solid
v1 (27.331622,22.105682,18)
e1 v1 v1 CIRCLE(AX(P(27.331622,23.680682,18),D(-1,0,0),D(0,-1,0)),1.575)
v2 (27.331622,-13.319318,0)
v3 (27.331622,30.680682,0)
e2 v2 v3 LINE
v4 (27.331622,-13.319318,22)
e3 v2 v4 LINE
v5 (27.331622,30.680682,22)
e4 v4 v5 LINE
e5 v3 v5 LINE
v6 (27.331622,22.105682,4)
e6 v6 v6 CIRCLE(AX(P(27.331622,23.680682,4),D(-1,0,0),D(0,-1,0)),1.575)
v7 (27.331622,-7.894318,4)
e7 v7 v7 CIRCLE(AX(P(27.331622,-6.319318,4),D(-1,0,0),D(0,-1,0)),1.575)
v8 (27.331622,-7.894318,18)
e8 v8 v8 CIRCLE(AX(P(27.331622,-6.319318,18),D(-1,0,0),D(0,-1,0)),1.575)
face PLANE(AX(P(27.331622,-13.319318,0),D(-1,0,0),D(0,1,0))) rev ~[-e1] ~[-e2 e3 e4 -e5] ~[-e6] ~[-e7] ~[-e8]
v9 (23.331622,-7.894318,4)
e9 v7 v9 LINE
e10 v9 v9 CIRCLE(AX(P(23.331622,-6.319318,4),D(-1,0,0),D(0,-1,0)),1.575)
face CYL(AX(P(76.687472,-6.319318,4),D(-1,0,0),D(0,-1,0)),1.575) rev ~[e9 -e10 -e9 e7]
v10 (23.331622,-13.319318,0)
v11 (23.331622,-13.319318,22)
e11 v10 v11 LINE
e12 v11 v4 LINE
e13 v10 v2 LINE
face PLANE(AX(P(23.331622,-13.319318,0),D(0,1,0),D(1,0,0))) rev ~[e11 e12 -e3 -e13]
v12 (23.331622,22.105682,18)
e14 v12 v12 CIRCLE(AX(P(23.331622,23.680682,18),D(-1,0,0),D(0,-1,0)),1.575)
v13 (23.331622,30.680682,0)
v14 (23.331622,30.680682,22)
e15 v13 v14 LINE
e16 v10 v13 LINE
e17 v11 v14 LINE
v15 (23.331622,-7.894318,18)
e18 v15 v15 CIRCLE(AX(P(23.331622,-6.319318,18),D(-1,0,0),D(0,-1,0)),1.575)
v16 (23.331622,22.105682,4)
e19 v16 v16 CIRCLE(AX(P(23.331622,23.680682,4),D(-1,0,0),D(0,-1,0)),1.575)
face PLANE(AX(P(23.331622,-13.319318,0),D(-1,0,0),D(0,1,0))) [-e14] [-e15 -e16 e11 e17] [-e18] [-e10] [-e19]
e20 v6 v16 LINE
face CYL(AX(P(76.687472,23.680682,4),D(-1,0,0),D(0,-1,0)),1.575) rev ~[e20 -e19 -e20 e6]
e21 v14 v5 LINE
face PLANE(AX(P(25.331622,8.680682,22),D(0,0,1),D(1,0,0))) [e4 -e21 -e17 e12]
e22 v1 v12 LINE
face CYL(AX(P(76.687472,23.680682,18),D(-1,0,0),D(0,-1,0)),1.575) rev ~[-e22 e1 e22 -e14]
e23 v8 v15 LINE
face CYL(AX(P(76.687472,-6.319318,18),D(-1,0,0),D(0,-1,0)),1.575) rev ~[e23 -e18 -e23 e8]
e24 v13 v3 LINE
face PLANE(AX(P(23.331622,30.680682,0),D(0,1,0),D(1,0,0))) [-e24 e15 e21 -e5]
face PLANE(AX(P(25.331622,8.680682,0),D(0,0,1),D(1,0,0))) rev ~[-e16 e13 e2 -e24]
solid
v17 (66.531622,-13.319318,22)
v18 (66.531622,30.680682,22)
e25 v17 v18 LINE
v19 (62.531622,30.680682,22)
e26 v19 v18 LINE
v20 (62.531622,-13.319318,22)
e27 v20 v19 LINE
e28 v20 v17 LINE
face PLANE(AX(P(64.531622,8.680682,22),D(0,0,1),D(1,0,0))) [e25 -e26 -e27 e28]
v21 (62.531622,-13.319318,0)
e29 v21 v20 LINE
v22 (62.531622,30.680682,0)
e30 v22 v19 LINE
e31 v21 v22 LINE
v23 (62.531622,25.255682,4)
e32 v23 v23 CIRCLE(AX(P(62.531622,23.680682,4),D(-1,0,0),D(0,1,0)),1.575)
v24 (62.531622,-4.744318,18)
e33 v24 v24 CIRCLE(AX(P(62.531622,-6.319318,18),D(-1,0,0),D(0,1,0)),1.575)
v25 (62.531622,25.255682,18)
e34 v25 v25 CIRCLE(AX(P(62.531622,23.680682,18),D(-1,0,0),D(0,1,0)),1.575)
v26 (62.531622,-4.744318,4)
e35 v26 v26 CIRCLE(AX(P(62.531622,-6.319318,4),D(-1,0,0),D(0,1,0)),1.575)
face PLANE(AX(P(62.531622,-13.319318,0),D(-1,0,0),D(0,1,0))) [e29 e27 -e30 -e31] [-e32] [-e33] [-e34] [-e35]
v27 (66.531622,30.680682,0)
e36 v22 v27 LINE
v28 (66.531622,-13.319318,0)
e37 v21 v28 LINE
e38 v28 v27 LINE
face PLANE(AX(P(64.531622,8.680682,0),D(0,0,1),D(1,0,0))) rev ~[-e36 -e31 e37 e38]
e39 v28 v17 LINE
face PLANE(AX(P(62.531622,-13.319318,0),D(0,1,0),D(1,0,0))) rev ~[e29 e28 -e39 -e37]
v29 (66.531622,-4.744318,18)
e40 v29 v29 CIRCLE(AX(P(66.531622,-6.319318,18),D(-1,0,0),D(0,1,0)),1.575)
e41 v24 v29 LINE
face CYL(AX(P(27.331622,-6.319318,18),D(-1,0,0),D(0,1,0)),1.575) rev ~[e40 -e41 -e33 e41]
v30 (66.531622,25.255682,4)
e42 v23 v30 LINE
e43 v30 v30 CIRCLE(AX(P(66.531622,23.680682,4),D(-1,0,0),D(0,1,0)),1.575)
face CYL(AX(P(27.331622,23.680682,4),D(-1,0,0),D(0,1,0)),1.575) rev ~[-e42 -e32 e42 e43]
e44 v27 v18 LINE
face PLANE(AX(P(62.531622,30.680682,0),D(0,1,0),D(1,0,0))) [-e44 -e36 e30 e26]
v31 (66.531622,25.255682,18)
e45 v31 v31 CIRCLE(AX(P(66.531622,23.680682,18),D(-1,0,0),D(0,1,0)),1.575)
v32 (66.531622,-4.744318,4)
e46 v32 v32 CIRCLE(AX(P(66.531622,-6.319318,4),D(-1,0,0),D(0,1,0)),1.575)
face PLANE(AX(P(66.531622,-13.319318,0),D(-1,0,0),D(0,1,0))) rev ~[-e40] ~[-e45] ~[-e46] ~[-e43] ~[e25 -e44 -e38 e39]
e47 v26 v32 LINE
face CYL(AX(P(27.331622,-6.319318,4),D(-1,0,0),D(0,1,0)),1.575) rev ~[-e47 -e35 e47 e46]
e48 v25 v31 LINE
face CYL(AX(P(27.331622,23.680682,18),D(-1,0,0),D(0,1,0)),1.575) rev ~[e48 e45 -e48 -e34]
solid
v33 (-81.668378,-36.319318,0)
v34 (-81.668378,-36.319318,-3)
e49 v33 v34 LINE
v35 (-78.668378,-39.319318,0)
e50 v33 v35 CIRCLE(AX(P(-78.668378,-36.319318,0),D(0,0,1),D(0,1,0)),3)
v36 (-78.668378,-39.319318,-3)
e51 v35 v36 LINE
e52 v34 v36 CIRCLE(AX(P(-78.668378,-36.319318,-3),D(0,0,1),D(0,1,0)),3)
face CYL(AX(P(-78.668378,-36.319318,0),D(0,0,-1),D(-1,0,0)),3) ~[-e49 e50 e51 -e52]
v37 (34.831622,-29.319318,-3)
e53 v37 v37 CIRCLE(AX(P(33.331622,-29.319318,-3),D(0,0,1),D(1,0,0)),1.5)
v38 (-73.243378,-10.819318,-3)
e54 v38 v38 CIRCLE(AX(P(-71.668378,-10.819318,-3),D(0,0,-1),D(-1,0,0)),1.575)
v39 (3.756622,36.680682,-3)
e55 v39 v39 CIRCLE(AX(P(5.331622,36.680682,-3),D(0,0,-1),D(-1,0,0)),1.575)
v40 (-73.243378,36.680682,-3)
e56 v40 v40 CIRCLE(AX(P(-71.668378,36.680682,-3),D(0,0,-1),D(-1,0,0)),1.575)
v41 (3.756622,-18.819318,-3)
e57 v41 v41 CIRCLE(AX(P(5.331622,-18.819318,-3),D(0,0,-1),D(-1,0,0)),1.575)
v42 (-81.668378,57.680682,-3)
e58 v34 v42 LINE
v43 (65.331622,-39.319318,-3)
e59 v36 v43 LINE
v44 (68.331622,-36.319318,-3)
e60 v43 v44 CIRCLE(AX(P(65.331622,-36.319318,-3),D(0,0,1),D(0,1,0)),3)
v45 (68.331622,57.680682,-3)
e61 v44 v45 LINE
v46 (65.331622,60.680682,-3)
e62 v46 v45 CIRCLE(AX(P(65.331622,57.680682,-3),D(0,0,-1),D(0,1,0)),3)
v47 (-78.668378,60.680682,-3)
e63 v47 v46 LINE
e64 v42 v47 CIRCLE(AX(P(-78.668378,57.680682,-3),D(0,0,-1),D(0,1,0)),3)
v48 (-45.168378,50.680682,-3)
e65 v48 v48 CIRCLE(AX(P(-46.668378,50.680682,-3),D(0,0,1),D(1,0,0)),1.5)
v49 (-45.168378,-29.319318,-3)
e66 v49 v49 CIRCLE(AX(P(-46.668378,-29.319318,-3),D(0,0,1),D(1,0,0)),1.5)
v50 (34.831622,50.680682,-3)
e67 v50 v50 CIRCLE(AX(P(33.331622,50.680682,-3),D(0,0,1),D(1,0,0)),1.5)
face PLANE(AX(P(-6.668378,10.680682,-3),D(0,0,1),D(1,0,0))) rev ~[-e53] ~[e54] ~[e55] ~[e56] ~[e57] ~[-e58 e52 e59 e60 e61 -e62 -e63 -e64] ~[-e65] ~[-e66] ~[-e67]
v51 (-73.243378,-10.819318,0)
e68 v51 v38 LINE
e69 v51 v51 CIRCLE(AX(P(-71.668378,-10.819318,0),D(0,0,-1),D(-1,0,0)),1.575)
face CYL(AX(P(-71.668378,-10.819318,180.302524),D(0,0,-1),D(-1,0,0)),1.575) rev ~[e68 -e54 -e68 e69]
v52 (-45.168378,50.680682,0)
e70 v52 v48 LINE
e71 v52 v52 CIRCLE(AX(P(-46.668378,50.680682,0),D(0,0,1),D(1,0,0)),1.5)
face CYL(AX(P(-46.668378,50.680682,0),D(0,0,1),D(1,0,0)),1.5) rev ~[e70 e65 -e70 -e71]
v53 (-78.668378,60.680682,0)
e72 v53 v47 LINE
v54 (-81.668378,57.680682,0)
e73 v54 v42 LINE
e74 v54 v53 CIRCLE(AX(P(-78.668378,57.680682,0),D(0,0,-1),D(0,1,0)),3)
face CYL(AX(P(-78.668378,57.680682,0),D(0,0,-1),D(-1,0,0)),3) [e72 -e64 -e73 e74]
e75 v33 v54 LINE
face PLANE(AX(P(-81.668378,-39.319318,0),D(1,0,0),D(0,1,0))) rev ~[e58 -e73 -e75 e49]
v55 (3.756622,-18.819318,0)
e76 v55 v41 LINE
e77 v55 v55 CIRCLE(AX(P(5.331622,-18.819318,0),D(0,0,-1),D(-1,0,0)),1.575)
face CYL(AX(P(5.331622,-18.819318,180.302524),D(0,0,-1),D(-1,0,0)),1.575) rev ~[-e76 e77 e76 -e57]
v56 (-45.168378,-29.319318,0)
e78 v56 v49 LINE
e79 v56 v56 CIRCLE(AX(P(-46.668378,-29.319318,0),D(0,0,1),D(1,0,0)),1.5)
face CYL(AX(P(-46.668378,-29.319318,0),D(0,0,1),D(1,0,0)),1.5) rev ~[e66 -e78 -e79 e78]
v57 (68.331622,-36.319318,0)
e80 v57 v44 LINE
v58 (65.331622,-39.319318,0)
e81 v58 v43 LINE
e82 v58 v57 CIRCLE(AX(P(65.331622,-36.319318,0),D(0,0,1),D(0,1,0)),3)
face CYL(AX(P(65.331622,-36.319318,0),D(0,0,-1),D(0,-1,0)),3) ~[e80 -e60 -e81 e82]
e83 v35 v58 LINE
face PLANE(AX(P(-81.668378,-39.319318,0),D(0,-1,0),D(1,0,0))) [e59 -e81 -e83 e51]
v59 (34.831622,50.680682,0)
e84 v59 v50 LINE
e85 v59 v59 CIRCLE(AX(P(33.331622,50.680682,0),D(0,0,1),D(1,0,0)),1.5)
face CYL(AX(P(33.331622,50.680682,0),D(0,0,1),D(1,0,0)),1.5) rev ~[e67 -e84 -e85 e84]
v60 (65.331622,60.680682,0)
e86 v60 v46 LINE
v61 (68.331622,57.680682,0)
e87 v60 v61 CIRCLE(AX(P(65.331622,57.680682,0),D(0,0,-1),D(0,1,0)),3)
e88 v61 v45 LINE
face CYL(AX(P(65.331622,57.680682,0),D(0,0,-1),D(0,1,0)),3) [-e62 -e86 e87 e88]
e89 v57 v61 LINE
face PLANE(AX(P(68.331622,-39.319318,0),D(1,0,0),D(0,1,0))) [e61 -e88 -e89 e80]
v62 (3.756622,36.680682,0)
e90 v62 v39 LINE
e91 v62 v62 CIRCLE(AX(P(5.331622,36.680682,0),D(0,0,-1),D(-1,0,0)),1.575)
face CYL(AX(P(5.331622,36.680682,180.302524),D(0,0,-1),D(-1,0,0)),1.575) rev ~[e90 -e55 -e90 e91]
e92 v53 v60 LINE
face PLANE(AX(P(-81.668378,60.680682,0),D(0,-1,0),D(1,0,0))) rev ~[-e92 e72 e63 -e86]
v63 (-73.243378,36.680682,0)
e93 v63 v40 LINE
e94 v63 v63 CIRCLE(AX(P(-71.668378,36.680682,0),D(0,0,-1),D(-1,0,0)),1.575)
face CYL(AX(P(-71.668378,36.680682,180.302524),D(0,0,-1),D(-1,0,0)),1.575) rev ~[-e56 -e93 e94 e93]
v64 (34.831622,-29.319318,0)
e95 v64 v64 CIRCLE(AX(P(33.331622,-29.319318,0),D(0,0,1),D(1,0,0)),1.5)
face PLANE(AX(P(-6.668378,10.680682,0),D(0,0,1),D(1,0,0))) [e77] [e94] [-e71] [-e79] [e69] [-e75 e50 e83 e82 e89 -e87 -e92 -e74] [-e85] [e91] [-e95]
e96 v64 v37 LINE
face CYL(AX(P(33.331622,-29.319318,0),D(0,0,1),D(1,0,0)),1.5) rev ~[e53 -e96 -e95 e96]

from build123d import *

# Parameters (mm, degrees)
F1_W     = 4
F1_H     = 44
F2_DEPTH = 22
F0_W     = 150
F0_H     = 100
F0_R     = 1.5
F3_DEPTH = 3
F4_D     = 3.15
F5_D     = 3.15
F6_D     = 3.15
F7_D     = 3.15
F9_D     = 3.15
F9_DEPTH = 39.201
F10_R    = 3
F11_R    = 3
F12_D    = 3.15


with BuildPart() as f2:
    # F1 (on face) → F2 (new body)
    with BuildSketch(Plane.XY):
        with Locations((25.3316215873, 8.6806822121)):
            Rectangle(F1_W, F1_H)
    extrude(amount=F2_DEPTH)

    # F12 (through all)
    with Locations(Plane.YZ.offset(27.3316215873)):
        with Locations((23.6806822121, 18), (23.6806822121, 4), (-6.3193177879, 4), (-6.3193177879, 18)):
            Hole(F12_D / 2)


with BuildPart() as f2b:
    # F1 (on face) → F2, piece 2 (new body)
    with BuildSketch(Plane.XY):
        with Locations((64.5316215873, 8.6806822121)):
            Rectangle(F1_W, F1_H)
    extrude(amount=F2_DEPTH)

    # F9 (through all, one way)
    with BuildSketch(Plane(origin=(27.3316215873, 0, 0), x_dir=(0, 1, 0), z_dir=(-1, 0, 0))):
        with Locations((23.6806822121, -18), (23.6806822121, -4), (-6.3193177879, -18), (-6.3193177879, -4)):
            Circle(F9_D / 2)
    extrude(amount=-F9_DEPTH, mode=Mode.SUBTRACT)


with BuildPart() as f3:
    # F0 (on Top) → F3 (new body)
    with BuildSketch(Plane.XY):
        with Locations((-6.6683784127, 10.6806822121)):
            Rectangle(F0_W, F0_H)
        with Locations((-46.6683784127, -29.3193177879)):
            Circle(F0_R, mode=Mode.SUBTRACT)
        with Locations((33.3316215873, -29.3193177879)):
            Circle(F0_R, mode=Mode.SUBTRACT)
        with Locations((-46.6683784127, 50.6806822121)):
            Circle(F0_R, mode=Mode.SUBTRACT)
        with Locations((33.3316215873, 50.6806822121)):
            Circle(F0_R, mode=Mode.SUBTRACT)
    extrude(amount=-F3_DEPTH)

    # F4 (through all)
    with Locations(Plane.XY):
        with Locations((-71.6683784127, 36.6806822121)):
            Hole(F4_D / 2)

    # F5 (through all)
    with Locations(Plane.XY):
        with Locations((5.3316215873, 36.6806822121)):
            Hole(F5_D / 2)

    # F6 (through all)
    with Locations(Plane.XY):
        with Locations((-71.6683784127, -10.8193177879)):
            Hole(F6_D / 2)

    # F7 (through all)
    with Locations(Plane.XY):
        with Locations((5.3316215873, -18.8193177879)):
            Hole(F7_D / 2)

    # F10
    f10_edges = [f3.edges().sort_by_distance(p)[0] for p in [
        (-81.668378, 60.680682, -1.5),
    ]]
    fillet(f10_edges, radius=F10_R)

    # F11
    f11_edges = [f3.edges().sort_by_distance(p)[0] for p in [
        (-81.668378, -39.319318, -1.5),
        (68.331622, -39.319318, -1.5),
        (68.331622, 60.680682, -1.5),
    ]]
    fillet(f11_edges, radius=F11_R)


solid = Compound([f2.part, f2b.part, f3.part])
